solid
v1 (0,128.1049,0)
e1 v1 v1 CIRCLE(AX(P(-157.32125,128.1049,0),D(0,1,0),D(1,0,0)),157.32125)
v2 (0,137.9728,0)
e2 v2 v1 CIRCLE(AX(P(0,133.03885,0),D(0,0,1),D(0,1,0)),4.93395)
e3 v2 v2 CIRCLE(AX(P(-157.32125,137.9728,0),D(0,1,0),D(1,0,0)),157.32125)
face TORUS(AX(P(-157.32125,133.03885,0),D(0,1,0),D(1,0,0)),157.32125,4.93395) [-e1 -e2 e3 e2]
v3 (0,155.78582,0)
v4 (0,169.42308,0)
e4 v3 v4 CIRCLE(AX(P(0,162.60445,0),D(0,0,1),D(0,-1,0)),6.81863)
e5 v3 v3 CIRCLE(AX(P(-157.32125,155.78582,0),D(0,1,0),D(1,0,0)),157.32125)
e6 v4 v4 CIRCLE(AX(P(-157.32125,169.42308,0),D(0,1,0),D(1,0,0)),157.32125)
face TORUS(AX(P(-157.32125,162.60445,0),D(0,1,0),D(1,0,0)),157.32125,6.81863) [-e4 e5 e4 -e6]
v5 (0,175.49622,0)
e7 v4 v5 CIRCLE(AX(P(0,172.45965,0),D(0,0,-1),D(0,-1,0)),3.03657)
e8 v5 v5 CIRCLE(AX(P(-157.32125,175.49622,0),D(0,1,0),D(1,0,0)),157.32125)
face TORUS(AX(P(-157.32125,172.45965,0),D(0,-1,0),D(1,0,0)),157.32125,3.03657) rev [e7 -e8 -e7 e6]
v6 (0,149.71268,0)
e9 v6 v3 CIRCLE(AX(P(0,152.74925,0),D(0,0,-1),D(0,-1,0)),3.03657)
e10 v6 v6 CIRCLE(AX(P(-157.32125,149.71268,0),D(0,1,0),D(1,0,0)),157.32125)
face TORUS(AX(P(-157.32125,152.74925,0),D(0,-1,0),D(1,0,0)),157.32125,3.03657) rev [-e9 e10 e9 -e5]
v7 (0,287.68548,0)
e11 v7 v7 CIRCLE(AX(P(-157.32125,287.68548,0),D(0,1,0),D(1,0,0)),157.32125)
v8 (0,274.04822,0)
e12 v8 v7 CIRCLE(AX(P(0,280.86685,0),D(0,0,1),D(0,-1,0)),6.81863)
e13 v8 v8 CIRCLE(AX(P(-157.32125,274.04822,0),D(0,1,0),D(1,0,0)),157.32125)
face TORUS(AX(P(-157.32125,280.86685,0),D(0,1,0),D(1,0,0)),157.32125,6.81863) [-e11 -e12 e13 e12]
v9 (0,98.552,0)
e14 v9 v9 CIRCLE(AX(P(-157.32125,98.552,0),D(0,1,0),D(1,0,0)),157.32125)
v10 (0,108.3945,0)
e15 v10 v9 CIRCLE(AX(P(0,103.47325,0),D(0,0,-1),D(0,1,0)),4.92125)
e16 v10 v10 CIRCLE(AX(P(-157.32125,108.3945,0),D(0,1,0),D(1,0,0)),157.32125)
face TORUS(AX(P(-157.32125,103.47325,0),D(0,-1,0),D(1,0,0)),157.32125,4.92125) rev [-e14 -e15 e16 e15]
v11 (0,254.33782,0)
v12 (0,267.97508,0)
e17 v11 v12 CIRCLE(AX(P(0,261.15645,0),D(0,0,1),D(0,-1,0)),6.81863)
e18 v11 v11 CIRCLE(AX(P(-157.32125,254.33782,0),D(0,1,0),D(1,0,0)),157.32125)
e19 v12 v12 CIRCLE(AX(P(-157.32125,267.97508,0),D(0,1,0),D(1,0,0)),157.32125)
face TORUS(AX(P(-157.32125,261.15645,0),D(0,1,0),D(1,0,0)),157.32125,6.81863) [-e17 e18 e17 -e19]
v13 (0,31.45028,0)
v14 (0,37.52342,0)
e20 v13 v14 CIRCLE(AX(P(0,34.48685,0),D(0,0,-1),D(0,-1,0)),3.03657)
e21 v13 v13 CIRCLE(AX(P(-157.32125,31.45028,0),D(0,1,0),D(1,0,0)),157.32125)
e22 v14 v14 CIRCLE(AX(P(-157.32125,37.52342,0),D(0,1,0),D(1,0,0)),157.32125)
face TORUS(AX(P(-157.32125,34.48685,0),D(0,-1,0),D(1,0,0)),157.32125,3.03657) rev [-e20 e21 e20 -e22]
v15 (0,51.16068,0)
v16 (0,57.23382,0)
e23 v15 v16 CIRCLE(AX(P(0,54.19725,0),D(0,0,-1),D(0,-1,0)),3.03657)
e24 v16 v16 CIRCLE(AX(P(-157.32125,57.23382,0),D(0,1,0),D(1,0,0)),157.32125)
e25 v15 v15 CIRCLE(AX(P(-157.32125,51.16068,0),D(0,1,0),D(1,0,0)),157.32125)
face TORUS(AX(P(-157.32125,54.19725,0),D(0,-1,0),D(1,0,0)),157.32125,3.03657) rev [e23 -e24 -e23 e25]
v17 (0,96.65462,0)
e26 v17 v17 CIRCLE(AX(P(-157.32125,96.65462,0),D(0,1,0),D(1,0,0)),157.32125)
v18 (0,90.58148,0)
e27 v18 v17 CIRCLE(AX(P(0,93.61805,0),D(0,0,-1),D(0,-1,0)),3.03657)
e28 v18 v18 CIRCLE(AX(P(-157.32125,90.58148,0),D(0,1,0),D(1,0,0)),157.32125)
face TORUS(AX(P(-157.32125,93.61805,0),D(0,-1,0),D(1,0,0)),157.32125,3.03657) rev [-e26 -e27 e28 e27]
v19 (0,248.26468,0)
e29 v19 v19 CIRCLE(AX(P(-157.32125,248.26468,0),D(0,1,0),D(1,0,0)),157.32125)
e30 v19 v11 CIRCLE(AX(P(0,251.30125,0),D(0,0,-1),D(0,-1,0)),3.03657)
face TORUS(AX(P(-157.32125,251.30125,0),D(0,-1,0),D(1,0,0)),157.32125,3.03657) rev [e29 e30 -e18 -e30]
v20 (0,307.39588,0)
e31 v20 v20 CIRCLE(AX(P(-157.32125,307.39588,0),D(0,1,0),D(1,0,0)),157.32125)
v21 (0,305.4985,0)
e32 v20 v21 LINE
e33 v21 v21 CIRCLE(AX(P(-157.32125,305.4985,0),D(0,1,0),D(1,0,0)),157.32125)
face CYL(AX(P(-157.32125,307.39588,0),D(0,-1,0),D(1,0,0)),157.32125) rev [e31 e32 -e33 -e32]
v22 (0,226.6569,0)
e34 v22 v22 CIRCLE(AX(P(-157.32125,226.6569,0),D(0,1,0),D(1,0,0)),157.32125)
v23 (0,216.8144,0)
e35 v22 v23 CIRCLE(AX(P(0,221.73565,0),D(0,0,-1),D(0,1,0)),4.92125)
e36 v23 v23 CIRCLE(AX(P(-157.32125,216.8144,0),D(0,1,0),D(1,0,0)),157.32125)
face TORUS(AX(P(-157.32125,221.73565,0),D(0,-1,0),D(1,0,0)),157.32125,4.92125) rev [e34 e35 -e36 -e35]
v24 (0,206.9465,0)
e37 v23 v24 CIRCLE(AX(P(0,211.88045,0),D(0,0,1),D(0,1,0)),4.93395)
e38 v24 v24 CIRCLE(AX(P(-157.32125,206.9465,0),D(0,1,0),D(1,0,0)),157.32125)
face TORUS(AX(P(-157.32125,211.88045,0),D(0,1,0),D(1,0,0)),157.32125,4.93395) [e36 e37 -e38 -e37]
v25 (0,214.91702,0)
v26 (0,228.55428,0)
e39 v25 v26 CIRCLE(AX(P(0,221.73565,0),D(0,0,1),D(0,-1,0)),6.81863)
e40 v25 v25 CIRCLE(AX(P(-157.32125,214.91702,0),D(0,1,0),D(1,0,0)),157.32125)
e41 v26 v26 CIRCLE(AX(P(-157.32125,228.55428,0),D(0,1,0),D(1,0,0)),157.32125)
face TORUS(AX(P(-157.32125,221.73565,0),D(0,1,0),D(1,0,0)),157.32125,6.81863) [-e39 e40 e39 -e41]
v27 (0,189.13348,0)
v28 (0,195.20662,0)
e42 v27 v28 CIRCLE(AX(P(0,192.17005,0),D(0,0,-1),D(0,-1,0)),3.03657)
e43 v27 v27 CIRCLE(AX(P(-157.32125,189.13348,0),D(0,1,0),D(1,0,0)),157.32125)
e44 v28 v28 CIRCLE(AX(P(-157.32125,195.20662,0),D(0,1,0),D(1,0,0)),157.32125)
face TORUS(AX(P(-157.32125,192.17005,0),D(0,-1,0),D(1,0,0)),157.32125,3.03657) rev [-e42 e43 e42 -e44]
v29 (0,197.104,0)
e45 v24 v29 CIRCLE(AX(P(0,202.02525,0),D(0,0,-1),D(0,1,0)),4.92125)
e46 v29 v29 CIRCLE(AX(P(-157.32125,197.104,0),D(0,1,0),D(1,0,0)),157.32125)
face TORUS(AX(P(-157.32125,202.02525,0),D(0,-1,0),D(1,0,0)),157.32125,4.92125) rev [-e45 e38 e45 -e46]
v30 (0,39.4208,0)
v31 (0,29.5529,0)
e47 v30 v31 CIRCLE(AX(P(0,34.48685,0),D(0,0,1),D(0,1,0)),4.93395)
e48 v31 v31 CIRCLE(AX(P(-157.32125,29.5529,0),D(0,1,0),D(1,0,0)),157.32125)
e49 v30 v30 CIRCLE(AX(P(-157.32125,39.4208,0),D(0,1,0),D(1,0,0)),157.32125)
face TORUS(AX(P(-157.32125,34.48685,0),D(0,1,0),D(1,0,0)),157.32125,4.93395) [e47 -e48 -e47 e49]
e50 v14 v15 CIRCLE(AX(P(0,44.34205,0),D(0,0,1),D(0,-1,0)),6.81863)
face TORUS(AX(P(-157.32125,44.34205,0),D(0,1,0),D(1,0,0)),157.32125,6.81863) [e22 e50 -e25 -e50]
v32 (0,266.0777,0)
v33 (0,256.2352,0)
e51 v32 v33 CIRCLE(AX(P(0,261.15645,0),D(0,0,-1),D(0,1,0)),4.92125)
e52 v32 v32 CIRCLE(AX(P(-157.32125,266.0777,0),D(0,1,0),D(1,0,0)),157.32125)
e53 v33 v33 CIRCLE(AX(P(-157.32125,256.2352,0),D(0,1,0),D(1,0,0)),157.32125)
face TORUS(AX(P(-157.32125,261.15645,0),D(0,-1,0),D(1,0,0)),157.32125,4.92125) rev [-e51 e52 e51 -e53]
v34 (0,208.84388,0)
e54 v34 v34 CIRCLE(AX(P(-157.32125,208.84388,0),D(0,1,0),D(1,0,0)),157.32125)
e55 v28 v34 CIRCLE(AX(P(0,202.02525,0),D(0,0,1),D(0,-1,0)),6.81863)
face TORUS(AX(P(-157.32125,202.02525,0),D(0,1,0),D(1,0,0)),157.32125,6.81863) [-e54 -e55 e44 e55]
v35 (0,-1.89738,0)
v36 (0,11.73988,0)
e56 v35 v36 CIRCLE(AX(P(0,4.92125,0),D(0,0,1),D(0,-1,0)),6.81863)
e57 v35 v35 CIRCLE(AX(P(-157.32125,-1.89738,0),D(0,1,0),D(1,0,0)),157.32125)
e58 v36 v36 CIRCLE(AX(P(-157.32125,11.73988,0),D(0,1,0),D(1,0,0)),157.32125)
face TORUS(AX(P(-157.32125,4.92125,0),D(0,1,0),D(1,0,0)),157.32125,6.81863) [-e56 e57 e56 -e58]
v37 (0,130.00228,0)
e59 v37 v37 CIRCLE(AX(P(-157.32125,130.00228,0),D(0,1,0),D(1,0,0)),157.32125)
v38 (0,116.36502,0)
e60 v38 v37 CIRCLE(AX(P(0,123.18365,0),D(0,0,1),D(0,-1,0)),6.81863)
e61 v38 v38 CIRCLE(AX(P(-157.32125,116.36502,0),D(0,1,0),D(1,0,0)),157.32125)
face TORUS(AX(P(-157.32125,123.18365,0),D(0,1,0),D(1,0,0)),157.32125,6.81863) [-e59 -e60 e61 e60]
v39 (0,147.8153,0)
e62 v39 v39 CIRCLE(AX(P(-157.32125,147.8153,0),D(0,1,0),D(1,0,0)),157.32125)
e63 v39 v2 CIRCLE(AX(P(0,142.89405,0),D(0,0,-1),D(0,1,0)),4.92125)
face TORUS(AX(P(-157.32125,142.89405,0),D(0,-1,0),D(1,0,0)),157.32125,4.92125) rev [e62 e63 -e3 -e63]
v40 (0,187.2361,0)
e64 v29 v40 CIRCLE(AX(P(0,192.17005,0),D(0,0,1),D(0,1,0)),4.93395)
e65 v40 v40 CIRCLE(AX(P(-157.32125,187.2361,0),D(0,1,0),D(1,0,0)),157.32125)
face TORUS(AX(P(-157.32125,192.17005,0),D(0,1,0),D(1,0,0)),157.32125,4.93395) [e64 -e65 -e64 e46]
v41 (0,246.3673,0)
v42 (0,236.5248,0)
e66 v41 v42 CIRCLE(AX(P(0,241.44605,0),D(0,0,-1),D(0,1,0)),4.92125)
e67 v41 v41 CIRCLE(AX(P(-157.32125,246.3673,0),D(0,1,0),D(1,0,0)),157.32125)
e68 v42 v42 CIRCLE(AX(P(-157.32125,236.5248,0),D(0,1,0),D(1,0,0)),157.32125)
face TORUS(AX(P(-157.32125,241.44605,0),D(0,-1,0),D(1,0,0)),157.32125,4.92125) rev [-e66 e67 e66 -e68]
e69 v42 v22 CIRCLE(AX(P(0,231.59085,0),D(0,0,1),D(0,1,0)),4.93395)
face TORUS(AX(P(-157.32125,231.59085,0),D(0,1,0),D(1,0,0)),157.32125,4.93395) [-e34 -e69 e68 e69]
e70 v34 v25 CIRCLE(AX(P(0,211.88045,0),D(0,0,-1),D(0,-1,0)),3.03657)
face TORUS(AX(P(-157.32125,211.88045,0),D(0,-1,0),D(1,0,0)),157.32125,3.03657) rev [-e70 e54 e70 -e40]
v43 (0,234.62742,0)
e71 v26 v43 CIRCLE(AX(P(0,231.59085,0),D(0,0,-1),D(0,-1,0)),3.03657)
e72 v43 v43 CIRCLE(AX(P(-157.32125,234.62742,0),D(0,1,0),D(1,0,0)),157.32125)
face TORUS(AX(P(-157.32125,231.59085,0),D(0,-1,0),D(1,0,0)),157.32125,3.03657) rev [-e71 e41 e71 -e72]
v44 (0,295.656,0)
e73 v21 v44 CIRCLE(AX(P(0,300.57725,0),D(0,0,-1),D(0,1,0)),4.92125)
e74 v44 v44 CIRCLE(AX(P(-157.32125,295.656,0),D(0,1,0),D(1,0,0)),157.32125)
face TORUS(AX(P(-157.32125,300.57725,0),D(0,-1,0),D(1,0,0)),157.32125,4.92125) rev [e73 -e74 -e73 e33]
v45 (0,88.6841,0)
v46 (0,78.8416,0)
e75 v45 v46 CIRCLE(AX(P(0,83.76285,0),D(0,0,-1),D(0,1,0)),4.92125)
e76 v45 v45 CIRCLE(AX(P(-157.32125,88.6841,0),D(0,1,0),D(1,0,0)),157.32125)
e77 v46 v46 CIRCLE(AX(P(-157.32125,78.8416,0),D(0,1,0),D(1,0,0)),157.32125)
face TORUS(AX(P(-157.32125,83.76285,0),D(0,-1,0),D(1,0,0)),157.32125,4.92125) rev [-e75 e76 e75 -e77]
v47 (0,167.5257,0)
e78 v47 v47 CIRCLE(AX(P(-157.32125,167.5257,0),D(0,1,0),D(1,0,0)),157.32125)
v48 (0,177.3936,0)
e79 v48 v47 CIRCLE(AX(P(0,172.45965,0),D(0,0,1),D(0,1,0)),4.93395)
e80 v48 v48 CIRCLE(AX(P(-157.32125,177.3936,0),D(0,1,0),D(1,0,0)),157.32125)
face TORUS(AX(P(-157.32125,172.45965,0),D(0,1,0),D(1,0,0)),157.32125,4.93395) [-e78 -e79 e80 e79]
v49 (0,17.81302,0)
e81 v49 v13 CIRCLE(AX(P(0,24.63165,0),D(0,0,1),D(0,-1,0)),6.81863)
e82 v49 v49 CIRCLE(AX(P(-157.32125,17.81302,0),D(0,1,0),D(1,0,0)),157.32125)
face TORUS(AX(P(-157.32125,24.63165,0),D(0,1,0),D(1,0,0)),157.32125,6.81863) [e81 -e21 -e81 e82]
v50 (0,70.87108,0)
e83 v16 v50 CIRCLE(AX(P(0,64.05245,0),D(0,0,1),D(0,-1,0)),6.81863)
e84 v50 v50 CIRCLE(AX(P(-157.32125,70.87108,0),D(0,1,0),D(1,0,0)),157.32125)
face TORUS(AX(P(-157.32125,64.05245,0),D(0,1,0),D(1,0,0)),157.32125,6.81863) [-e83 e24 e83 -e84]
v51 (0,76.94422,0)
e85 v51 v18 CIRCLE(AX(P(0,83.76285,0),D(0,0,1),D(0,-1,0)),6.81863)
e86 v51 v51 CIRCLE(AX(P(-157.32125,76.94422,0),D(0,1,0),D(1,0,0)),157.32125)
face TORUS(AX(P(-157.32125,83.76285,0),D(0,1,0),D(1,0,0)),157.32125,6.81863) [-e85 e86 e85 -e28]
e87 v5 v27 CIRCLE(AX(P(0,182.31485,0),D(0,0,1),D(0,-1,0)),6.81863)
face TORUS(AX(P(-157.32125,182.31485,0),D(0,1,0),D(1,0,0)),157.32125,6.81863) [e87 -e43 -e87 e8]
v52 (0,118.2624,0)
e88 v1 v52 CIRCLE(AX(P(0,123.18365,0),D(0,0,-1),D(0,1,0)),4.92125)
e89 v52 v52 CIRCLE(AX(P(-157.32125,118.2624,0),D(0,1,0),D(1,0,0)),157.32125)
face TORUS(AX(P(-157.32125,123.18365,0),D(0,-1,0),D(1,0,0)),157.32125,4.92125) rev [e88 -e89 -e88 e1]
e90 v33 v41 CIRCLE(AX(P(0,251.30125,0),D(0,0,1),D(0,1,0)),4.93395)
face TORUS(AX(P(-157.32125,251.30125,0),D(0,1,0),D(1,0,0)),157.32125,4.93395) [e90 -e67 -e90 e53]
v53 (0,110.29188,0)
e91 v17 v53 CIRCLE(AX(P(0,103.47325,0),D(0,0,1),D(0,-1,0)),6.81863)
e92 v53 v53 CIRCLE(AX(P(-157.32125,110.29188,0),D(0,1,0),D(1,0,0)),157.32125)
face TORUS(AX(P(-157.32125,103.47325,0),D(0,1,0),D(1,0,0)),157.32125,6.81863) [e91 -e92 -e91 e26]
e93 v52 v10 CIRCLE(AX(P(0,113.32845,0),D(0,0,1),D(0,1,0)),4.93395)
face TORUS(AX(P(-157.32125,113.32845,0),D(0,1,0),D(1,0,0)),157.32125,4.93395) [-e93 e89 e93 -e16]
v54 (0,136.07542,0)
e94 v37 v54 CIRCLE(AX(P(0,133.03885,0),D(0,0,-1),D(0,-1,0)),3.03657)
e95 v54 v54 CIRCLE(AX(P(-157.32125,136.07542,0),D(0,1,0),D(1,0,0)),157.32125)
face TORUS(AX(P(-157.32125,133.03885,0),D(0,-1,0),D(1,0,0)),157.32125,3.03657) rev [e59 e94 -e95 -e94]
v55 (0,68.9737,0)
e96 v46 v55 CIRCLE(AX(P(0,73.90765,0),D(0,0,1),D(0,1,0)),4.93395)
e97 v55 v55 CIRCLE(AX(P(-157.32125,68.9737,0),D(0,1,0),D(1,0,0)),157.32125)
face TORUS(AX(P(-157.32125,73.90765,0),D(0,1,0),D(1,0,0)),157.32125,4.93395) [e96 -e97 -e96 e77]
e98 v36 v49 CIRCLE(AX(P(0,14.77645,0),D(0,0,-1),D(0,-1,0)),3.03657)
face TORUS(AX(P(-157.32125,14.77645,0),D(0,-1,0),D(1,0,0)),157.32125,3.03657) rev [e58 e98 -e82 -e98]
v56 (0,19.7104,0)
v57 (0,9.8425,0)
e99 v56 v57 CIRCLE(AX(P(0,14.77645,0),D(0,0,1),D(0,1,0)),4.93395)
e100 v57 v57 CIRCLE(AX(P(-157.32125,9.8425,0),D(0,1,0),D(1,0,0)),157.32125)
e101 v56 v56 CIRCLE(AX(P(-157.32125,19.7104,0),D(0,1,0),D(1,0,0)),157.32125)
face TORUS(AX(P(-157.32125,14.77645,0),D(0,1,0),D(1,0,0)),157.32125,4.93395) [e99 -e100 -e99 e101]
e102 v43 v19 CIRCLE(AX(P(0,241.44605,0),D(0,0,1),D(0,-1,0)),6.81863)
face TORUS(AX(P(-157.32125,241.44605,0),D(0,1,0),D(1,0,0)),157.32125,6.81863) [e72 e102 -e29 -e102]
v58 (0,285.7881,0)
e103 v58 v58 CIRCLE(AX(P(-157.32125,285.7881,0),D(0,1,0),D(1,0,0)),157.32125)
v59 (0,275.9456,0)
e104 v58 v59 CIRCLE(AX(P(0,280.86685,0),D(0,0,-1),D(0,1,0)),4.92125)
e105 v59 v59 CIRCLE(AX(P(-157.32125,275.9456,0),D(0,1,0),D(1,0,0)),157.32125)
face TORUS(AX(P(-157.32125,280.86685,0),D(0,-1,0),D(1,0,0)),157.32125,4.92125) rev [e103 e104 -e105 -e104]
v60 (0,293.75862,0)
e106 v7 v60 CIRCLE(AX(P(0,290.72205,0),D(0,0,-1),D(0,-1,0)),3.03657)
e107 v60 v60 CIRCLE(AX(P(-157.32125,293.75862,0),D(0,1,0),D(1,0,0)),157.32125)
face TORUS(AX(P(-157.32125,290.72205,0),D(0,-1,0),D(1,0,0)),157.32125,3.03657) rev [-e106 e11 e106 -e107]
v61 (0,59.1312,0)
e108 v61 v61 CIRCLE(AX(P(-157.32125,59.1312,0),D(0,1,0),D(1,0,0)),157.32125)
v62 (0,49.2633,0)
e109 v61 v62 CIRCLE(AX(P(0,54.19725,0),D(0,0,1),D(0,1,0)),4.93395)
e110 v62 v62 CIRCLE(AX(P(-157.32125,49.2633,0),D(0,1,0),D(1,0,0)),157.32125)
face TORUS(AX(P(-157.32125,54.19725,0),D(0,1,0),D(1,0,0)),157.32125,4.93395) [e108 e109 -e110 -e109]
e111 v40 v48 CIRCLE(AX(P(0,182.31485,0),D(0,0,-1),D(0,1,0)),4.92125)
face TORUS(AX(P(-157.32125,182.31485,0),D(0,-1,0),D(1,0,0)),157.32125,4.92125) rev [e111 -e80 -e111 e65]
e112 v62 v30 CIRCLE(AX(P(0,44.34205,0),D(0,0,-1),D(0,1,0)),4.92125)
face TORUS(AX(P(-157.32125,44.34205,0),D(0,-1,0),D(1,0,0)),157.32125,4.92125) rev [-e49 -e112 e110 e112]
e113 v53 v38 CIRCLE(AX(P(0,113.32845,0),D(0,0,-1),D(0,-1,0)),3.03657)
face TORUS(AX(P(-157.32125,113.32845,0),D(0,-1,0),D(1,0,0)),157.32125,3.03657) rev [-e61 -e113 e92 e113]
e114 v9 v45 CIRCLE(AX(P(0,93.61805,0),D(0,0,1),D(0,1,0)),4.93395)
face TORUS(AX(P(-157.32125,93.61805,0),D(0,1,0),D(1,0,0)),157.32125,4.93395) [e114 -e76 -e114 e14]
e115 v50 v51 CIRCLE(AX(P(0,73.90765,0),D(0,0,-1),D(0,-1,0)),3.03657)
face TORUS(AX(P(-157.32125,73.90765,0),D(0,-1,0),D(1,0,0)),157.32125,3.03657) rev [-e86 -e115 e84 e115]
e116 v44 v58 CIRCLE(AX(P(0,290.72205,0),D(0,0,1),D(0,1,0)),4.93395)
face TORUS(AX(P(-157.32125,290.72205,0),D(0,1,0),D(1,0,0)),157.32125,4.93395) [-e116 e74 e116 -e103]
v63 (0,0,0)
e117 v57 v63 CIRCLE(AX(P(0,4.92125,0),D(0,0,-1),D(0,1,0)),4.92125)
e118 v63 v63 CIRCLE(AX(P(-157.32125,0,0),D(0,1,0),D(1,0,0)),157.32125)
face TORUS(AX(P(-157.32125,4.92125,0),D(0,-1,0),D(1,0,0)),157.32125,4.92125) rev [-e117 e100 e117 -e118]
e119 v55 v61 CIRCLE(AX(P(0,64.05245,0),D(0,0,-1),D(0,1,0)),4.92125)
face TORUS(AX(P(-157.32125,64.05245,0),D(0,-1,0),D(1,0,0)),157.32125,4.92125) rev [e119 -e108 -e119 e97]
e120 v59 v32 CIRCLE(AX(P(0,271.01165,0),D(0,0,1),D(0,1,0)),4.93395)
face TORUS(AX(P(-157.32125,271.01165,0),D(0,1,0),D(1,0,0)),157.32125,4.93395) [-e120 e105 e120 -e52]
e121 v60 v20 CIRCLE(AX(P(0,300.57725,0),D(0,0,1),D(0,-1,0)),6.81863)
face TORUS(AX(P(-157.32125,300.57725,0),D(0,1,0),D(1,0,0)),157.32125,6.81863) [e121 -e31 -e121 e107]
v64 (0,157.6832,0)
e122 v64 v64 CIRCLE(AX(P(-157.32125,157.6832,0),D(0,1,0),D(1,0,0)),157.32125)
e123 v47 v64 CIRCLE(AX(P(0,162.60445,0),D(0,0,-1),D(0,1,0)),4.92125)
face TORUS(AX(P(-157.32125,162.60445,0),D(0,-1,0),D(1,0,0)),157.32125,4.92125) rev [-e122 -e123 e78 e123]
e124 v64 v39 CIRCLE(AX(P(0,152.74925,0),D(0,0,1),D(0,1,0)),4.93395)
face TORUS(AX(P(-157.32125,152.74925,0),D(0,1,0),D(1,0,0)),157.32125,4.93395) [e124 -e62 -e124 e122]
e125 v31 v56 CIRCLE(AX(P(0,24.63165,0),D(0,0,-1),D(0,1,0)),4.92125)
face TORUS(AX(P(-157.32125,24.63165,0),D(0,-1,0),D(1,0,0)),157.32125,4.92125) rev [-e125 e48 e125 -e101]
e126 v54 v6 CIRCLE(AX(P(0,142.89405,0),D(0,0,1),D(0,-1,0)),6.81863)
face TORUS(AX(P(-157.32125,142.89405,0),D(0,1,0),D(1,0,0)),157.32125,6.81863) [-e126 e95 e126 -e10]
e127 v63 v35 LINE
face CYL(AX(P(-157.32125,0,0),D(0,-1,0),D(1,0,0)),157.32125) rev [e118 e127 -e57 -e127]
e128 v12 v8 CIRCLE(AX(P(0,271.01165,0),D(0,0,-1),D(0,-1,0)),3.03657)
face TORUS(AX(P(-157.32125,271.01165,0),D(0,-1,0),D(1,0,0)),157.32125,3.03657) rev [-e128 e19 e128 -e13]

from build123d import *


with BuildPart() as f2:
    # F0 (on Top) → F2 (revolve)
    with BuildSketch(Plane.XY):
        with BuildLine():
            ThreePointArc((0, 9.8425), (4.92125, 4.92125), (0, 0))
            Line((0, 0), (0, -1.89738))
            ThreePointArc((0, -1.89738), (6.81863, 4.92125), (0, 11.73988))
            ThreePointArc((0, 11.73988), (-3.03657, 14.77645), (0, 17.81302))
            ThreePointArc((0, 17.81302), (6.81863, 24.63165), (0, 31.45028))
            ThreePointArc((0, 31.45028), (-3.03657, 34.48685), (0, 37.52342))
            ThreePointArc((0, 37.52342), (6.81863, 44.34205), (0, 51.16068))
            ThreePointArc((0, 51.16068), (-3.03657, 54.19725), (0, 57.23382))
            ThreePointArc((0, 57.23382), (6.81863, 64.05245), (0, 70.87108))
            ThreePointArc((0, 70.87108), (-3.03657, 73.90765), (0, 76.94422))
            ThreePointArc((0, 76.94422), (6.81863, 83.76285), (0, 90.58148))
            ThreePointArc((0, 90.58148), (-3.03657, 93.61805), (0, 96.65462))
            ThreePointArc((0, 96.65462), (6.81863, 103.47325), (0, 110.29188))
            ThreePointArc((0, 110.29188), (-3.03657, 113.32845), (0, 116.36502))
            ThreePointArc((0, 116.36502), (6.81863, 123.18365), (0, 130.00228))
            ThreePointArc((0, 130.00228), (-3.03657, 133.03885), (0, 136.07542))
            ThreePointArc((0, 136.07542), (6.81863, 142.89405), (0, 149.71268))
            ThreePointArc((0, 149.71268), (-3.03657, 152.74925), (0, 155.78582))
            ThreePointArc((0, 155.78582), (6.81863, 162.60445), (0, 169.42308))
            ThreePointArc((0, 169.42308), (-3.03657, 172.45965), (0, 175.49622))
            ThreePointArc((0, 175.49622), (6.81863, 182.31485), (0, 189.13348))
            ThreePointArc((0, 189.13348), (-3.03657, 192.17005), (0, 195.20662))
            ThreePointArc((0, 195.20662), (6.81863, 202.02525), (0, 208.84388))
            ThreePointArc((0, 208.84388), (-3.03657, 211.88045), (0, 214.91702))
            ThreePointArc((0, 214.91702), (6.81863, 221.73565), (0, 228.55428))
            ThreePointArc((0, 228.55428), (-3.03657, 231.59085), (0, 234.62742))
            ThreePointArc((0, 234.62742), (6.81863, 241.44605), (0, 248.26468))
            ThreePointArc((0, 248.26468), (-3.03657, 251.30125), (0, 254.33782))
            ThreePointArc((0, 254.33782), (6.81863, 261.15645), (0, 267.97508))
            ThreePointArc((0, 267.97508), (-3.03657, 271.01165), (0, 274.04822))
            ThreePointArc((0, 274.04822), (6.81863, 280.86685), (0, 287.68548))
            ThreePointArc((0, 287.68548), (-3.03657, 290.72205), (0, 293.75862))
            ThreePointArc((0, 293.75862), (6.81863, 300.57725), (0, 307.39588))
            Line((0, 307.39588), (0, 305.4985))
            ThreePointArc((0, 305.4985), (4.92125, 300.57725), (0, 295.656))
            ThreePointArc((0, 295.656), (-4.93395, 290.72205), (0, 285.7881))
            ThreePointArc((0, 285.7881), (4.92125, 280.86685), (0, 275.9456))
            ThreePointArc((0, 275.9456), (-4.93395, 271.01165), (0, 266.0777))
            ThreePointArc((0, 266.0777), (4.92125, 261.15645), (0, 256.2352))
            ThreePointArc((0, 256.2352), (-4.93395, 251.30125), (0, 246.3673))
            ThreePointArc((0, 246.3673), (4.92125, 241.44605), (0, 236.5248))
            ThreePointArc((0, 236.5248), (-4.93395, 231.59085), (0, 226.6569))
            ThreePointArc((0, 226.6569), (4.92125, 221.73565), (0, 216.8144))
            ThreePointArc((0, 216.8144), (-4.93395, 211.88045), (0, 206.9465))
            ThreePointArc((0, 206.9465), (4.92125, 202.02525), (0, 197.104))
            ThreePointArc((0, 197.104), (-4.93395, 192.17005), (0, 187.2361))
            ThreePointArc((0, 187.2361), (4.92125, 182.31485), (0, 177.3936))
            ThreePointArc((0, 177.3936), (-4.93395, 172.45965), (0, 167.5257))
            ThreePointArc((0, 167.5257), (4.92125, 162.60445), (0, 157.6832))
            ThreePointArc((0, 157.6832), (-4.93395, 152.74925), (0, 147.8153))
            ThreePointArc((0, 147.8153), (4.92125, 142.89405), (0, 137.9728))
            ThreePointArc((0, 137.9728), (-4.93395, 133.03885), (0, 128.1049))
            ThreePointArc((0, 128.1049), (4.92125, 123.18365), (0, 118.2624))
            ThreePointArc((0, 118.2624), (-4.93395, 113.32845), (0, 108.3945))
            ThreePointArc((0, 108.3945), (4.92125, 103.47325), (0, 98.552))
            ThreePointArc((0, 98.552), (-4.93395, 93.61805), (0, 88.6841))
            ThreePointArc((0, 88.6841), (4.92125, 83.76285), (0, 78.8416))
            ThreePointArc((0, 78.8416), (-4.93395, 73.90765), (0, 68.9737))
            ThreePointArc((0, 68.9737), (4.92125, 64.05245), (0, 59.1312))
            ThreePointArc((0, 59.1312), (-4.93395, 54.19725), (0, 49.2633))
            ThreePointArc((0, 49.2633), (4.92125, 44.34205), (0, 39.4208))
            ThreePointArc((0, 39.4208), (-4.93395, 34.48685), (0, 29.5529))
            ThreePointArc((0, 29.5529), (4.92125, 24.63165), (0, 19.7104))
            ThreePointArc((0, 19.7104), (-4.93395, 14.77645), (0, 9.8425))
        make_face()
    revolve(axis=Axis((-157.32125, 152.4, 0), (0, 1, 0)))


solid = f2.part
